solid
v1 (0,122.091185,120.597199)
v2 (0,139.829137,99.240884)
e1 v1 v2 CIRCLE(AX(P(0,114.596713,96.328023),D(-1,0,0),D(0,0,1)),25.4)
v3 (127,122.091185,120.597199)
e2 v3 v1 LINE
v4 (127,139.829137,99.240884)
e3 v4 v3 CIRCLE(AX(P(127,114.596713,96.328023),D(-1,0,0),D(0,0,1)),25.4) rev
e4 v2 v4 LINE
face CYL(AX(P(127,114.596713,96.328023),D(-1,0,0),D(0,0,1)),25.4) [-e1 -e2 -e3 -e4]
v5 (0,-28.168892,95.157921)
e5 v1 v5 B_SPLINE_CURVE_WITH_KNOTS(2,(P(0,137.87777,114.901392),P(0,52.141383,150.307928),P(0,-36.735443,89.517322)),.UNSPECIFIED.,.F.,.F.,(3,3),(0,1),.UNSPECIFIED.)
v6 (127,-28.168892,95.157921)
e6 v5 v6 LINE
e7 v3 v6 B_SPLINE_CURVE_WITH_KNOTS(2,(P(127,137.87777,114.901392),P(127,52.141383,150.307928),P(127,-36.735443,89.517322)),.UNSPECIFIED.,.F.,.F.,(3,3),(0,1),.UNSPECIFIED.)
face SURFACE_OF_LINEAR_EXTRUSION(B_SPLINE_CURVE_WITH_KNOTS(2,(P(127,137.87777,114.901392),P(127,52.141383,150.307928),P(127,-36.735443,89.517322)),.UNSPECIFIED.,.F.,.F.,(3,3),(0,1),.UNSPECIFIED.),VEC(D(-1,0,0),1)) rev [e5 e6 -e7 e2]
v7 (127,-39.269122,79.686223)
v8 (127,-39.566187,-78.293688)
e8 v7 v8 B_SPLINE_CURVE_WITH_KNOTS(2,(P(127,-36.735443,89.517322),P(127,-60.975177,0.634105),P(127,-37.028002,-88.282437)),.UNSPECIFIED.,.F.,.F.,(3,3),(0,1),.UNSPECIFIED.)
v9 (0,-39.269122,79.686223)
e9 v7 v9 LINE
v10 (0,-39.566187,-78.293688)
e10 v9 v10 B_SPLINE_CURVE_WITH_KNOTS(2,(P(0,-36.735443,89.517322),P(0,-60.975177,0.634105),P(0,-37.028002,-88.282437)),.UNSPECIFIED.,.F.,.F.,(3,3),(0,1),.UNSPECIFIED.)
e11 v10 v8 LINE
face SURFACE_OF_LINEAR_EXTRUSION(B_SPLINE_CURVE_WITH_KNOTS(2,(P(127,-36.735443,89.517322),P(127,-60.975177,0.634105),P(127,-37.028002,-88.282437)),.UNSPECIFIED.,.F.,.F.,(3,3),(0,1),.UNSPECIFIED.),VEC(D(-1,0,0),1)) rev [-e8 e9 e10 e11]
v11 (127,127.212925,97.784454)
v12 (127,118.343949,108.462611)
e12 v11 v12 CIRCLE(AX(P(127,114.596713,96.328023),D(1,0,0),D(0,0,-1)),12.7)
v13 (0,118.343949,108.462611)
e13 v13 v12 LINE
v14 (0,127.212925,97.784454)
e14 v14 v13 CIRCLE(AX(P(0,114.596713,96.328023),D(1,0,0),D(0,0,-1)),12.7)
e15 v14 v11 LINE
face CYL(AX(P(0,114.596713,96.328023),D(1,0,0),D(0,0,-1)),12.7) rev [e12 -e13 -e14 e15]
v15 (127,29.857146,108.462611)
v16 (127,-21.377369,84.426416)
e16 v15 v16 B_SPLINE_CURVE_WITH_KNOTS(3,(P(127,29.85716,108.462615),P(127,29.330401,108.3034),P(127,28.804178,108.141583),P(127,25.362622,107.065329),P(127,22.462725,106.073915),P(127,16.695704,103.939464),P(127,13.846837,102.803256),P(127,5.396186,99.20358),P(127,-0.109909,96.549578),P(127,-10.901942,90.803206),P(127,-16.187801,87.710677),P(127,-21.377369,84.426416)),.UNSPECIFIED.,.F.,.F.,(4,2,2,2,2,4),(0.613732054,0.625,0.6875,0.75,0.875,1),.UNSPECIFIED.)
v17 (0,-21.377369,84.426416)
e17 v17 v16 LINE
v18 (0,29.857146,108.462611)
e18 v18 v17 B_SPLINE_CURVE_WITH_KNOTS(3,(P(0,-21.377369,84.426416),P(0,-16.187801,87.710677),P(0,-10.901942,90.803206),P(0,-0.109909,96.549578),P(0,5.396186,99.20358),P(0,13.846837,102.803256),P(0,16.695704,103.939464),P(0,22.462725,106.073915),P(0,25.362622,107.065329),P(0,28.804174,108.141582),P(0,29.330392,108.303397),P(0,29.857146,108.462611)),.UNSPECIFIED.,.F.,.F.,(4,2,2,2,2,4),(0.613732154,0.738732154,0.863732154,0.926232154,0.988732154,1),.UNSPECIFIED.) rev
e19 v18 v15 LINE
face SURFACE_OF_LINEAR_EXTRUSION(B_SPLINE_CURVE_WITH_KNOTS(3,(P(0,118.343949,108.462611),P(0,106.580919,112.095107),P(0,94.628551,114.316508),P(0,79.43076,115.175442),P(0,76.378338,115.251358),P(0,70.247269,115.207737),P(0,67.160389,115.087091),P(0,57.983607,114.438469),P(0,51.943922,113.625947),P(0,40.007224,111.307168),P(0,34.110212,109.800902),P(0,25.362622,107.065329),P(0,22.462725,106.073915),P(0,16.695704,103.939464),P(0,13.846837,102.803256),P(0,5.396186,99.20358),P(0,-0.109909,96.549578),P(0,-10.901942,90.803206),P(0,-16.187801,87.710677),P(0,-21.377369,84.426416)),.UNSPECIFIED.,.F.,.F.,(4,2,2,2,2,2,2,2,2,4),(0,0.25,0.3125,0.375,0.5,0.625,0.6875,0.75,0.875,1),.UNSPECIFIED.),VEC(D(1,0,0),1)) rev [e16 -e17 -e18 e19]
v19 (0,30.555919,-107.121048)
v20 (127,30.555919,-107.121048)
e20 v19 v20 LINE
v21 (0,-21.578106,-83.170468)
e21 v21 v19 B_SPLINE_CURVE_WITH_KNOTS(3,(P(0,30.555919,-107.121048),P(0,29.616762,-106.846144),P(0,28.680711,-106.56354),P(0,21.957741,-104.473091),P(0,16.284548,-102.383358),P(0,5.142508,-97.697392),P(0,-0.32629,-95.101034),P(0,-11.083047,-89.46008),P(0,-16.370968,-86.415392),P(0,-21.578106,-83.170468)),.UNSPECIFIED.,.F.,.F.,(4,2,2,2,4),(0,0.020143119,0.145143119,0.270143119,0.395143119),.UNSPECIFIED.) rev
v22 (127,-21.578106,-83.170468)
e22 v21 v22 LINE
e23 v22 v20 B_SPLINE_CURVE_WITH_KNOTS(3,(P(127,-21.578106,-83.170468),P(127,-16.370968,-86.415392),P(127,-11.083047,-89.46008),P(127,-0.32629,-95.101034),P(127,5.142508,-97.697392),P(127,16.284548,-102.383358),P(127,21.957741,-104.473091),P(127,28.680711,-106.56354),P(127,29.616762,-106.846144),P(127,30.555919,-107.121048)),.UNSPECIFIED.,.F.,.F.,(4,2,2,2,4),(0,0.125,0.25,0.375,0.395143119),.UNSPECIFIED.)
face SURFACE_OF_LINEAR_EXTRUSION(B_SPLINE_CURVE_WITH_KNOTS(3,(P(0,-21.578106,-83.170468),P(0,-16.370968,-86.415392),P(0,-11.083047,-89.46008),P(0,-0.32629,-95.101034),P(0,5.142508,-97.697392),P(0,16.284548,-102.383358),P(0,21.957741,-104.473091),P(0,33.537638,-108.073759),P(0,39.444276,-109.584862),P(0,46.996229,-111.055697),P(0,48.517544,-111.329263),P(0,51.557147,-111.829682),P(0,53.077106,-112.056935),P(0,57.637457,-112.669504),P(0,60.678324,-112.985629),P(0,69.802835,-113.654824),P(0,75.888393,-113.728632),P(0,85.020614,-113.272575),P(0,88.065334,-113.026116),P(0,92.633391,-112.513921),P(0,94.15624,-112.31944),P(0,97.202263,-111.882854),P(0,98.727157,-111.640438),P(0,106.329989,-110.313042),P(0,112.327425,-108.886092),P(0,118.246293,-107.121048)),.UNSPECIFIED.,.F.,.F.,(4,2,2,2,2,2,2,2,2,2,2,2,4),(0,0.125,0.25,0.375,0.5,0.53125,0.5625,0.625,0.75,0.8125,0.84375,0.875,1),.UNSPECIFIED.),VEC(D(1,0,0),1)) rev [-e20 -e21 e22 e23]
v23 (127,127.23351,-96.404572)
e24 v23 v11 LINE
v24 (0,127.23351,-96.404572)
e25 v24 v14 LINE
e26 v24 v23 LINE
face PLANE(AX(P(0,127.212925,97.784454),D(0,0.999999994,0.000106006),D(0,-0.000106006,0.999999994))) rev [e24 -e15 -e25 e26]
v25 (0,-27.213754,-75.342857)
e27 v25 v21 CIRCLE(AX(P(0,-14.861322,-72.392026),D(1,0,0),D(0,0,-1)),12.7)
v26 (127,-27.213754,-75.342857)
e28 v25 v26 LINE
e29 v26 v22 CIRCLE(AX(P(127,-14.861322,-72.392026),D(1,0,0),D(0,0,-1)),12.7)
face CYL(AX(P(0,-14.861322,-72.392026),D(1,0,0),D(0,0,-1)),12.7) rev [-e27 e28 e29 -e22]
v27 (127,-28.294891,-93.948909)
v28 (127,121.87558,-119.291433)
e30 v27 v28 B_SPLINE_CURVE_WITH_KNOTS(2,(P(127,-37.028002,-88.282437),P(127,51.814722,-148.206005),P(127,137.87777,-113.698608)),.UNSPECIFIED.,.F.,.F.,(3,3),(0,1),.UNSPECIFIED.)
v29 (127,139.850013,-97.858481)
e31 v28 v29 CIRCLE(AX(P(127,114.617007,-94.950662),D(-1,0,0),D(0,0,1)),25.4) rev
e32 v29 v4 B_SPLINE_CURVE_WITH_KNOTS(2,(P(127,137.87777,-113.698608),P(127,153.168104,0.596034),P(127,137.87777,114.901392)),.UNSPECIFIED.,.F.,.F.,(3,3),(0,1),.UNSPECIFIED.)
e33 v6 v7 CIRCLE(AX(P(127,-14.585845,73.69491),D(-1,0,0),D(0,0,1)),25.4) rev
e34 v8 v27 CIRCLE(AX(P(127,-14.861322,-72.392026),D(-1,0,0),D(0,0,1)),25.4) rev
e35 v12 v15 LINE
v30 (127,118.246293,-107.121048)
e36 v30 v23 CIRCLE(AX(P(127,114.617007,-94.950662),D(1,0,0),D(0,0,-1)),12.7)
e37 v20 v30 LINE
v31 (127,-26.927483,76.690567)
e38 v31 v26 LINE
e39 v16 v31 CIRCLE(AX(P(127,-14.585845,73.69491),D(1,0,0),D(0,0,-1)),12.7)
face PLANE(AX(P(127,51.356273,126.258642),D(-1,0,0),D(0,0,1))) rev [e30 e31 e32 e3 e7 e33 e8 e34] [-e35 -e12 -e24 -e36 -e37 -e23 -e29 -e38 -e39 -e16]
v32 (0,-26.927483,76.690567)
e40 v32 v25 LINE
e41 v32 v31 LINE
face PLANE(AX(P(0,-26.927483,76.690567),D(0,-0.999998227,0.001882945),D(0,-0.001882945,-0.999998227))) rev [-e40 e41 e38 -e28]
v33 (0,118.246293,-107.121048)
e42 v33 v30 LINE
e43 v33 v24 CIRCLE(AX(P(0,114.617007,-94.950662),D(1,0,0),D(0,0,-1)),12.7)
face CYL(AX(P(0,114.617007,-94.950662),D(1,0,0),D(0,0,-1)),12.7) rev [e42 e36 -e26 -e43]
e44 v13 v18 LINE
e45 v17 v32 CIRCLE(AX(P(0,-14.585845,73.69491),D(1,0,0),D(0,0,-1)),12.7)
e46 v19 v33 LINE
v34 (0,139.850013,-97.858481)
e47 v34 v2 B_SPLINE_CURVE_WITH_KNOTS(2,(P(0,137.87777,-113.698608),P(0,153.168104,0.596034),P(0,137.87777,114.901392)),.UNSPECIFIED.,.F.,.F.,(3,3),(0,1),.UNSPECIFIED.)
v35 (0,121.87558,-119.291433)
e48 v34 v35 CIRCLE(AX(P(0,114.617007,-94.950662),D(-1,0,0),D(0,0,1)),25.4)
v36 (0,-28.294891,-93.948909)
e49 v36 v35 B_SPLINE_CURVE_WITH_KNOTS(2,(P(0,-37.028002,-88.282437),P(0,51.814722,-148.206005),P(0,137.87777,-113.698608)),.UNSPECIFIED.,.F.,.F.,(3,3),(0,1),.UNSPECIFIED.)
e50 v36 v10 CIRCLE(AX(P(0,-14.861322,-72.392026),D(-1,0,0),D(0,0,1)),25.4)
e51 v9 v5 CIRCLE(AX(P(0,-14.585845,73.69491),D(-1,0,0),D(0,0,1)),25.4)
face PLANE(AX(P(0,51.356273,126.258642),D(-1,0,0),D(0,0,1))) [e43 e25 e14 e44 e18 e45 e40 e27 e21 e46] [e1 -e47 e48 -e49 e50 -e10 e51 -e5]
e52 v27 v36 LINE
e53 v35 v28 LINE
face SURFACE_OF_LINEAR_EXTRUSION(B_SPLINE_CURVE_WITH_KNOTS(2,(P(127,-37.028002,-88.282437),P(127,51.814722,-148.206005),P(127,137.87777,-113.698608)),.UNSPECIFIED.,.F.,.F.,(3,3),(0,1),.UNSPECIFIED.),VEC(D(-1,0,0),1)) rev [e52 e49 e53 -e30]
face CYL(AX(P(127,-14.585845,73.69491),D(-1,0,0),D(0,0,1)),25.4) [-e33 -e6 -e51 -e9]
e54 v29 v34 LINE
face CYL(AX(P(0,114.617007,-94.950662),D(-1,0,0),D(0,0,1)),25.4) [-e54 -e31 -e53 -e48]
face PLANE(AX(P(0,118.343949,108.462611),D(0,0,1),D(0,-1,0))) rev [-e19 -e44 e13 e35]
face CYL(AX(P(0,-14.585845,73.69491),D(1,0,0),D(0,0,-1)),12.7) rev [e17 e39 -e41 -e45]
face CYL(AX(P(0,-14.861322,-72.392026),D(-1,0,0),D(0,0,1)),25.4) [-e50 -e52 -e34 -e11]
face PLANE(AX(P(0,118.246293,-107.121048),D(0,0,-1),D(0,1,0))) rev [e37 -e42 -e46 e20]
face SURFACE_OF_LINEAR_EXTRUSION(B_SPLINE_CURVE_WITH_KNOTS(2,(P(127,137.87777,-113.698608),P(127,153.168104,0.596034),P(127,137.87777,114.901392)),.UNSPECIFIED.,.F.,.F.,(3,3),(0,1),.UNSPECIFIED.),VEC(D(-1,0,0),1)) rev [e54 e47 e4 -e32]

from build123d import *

# Parameters (mm, degrees)
BOSS_EXTRUDE8_DEPTH = 127
FILLET4_R           = 25.4
FILLET5_R           = 25.4
FILLET6_R           = 25.4
FILLET7_R           = 25.4
CUT_EXTRUDE3_DEPTH  = 127


with BuildPart() as part:
    # Sketch8 → Boss-Extrude8 (new body)
    with BuildSketch(Plane(origin=(0, 0, 0), x_dir=(0, 0, -1), z_dir=(1, 0, 0))):
        with BuildLine():
            add(Edge.make_bspline(
                [(-89.517321988, -36.735442624), (-0.634104952, -60.975176902), (88.282437318, -37.028001665)],
                knots=[0, 0, 0, 1, 1, 1], degree=2))
            add(Edge.make_bspline(
                [(113.698608464, 137.87777005), (148.206005145, 51.814722278), (88.282437318, -37.028001665)],
                knots=[0, 0, 0, 1, 1, 1], degree=2))
            add(Edge.make_bspline(
                [(-114.901391536, 137.87777005), (-0.596034429, 153.168104446), (113.698608464, 137.87777005)],
                knots=[0, 0, 0, 1, 1, 1], degree=2))
            add(Edge.make_bspline(
                [(-114.901391536, 137.87777005), (-150.307927624, 52.141383045), (-89.517321988, -36.735442624)],
                knots=[0, 0, 0, 1, 1, 1], degree=2))
        make_face()
    extrude(amount=BOSS_EXTRUDE8_DEPTH)

    # Fillet4
    fillet4_edges = [part.edges().sort_by_distance(p)[0] for p in [
        (63.5, 137.87777005, 114.901391536),
    ]]
    fillet(fillet4_edges, radius=FILLET4_R)

    # Fillet5
    fillet5_edges = [part.edges().sort_by_distance(p)[0] for p in [
        (63.5, -36.735442624, 89.517321988),
    ]]
    fillet(fillet5_edges, radius=FILLET5_R)

    # Fillet6
    fillet6_edges = [part.edges().sort_by_distance(p)[0] for p in [
        (63.5, -37.028001665, -88.282437318),
    ]]
    fillet(fillet6_edges, radius=FILLET6_R)

    # Fillet7
    fillet7_edges = [part.edges().sort_by_distance(p)[0] for p in [
        (63.5, 137.87777005, -113.698608464),
    ]]
    fillet(fillet7_edges, radius=FILLET7_R)

    # Sketch11 → Cut-Extrude3 (cut)
    with BuildSketch(Plane(origin=(127, 0, 0), x_dir=(0, 0, -1), z_dir=(1, 0, 0))):
        with BuildLine():
            Line((-97.784453692, 127.212925067), (96.404571612, 127.233510211))
            ThreePointArc((96.404571612, 127.233510211), (103.111414071, 124.347995488), (107.121047874, 118.246293452))
            Line((107.121047874, 118.246293452), (107.121047874, 30.555919475))
            add(Edge.make_bspline(
                [(83.170467652, -21.57810628), (86.415391697, -16.370968411), (89.460079781, -11.083046595), (95.101033744, -0.326289829), (97.697391853, 5.142507912), (102.383358499, 16.284548341), (104.473090716, 21.95774113), (106.563539535, 28.680710784), (106.846143616, 29.616761907), (107.121047874, 30.555919475)],
                knots=[0, 0, 0, 0, 0.125, 0.125, 0.25, 0.25, 0.375, 0.375, 0.395143119, 0.395143119, 0.395143119, 0.395143119], degree=3))
            ThreePointArc((83.170467652, -21.57810628), (79.812495261, -25.167952265), (75.342856961, -27.213754366))
            Line((75.342856961, -27.213754366), (-76.690566802, -26.92748329))
            ThreePointArc((-76.690566802, -26.92748329), (-81.098266675, -24.904774618), (-84.426415504, -21.377368501))
            add(Edge.make_bspline(
                [(-108.462610917, 29.857145517), (-108.303396788, 29.330392074), (-108.141581554, 28.804173566), (-107.065329258, 25.36262207), (-106.073914954, 22.462725348), (-103.939463914, 16.695703597), (-102.803256231, 13.846836717), (-99.203580144, 5.396186106), (-96.549578269, -0.10990853), (-90.803206271, -10.901941939), (-87.710677179, -16.187800874), (-84.426415504, -21.377368501)],
                knots=[0.613732154, 0.613732154, 0.613732154, 0.613732154, 0.625, 0.625, 0.6875, 0.6875, 0.75, 0.75, 0.875, 0.875, 1, 1, 1, 1], degree=3))
            Line((-108.462610917, 29.857145517), (-108.462610917, 118.343948745))
            ThreePointArc((-108.462610917, 118.343948745), (-104.442431913, 124.366378611), (-97.784453692, 127.212925067))
        make_face()
    extrude(amount=-CUT_EXTRUDE3_DEPTH, mode=Mode.SUBTRACT)


solid = part.part
